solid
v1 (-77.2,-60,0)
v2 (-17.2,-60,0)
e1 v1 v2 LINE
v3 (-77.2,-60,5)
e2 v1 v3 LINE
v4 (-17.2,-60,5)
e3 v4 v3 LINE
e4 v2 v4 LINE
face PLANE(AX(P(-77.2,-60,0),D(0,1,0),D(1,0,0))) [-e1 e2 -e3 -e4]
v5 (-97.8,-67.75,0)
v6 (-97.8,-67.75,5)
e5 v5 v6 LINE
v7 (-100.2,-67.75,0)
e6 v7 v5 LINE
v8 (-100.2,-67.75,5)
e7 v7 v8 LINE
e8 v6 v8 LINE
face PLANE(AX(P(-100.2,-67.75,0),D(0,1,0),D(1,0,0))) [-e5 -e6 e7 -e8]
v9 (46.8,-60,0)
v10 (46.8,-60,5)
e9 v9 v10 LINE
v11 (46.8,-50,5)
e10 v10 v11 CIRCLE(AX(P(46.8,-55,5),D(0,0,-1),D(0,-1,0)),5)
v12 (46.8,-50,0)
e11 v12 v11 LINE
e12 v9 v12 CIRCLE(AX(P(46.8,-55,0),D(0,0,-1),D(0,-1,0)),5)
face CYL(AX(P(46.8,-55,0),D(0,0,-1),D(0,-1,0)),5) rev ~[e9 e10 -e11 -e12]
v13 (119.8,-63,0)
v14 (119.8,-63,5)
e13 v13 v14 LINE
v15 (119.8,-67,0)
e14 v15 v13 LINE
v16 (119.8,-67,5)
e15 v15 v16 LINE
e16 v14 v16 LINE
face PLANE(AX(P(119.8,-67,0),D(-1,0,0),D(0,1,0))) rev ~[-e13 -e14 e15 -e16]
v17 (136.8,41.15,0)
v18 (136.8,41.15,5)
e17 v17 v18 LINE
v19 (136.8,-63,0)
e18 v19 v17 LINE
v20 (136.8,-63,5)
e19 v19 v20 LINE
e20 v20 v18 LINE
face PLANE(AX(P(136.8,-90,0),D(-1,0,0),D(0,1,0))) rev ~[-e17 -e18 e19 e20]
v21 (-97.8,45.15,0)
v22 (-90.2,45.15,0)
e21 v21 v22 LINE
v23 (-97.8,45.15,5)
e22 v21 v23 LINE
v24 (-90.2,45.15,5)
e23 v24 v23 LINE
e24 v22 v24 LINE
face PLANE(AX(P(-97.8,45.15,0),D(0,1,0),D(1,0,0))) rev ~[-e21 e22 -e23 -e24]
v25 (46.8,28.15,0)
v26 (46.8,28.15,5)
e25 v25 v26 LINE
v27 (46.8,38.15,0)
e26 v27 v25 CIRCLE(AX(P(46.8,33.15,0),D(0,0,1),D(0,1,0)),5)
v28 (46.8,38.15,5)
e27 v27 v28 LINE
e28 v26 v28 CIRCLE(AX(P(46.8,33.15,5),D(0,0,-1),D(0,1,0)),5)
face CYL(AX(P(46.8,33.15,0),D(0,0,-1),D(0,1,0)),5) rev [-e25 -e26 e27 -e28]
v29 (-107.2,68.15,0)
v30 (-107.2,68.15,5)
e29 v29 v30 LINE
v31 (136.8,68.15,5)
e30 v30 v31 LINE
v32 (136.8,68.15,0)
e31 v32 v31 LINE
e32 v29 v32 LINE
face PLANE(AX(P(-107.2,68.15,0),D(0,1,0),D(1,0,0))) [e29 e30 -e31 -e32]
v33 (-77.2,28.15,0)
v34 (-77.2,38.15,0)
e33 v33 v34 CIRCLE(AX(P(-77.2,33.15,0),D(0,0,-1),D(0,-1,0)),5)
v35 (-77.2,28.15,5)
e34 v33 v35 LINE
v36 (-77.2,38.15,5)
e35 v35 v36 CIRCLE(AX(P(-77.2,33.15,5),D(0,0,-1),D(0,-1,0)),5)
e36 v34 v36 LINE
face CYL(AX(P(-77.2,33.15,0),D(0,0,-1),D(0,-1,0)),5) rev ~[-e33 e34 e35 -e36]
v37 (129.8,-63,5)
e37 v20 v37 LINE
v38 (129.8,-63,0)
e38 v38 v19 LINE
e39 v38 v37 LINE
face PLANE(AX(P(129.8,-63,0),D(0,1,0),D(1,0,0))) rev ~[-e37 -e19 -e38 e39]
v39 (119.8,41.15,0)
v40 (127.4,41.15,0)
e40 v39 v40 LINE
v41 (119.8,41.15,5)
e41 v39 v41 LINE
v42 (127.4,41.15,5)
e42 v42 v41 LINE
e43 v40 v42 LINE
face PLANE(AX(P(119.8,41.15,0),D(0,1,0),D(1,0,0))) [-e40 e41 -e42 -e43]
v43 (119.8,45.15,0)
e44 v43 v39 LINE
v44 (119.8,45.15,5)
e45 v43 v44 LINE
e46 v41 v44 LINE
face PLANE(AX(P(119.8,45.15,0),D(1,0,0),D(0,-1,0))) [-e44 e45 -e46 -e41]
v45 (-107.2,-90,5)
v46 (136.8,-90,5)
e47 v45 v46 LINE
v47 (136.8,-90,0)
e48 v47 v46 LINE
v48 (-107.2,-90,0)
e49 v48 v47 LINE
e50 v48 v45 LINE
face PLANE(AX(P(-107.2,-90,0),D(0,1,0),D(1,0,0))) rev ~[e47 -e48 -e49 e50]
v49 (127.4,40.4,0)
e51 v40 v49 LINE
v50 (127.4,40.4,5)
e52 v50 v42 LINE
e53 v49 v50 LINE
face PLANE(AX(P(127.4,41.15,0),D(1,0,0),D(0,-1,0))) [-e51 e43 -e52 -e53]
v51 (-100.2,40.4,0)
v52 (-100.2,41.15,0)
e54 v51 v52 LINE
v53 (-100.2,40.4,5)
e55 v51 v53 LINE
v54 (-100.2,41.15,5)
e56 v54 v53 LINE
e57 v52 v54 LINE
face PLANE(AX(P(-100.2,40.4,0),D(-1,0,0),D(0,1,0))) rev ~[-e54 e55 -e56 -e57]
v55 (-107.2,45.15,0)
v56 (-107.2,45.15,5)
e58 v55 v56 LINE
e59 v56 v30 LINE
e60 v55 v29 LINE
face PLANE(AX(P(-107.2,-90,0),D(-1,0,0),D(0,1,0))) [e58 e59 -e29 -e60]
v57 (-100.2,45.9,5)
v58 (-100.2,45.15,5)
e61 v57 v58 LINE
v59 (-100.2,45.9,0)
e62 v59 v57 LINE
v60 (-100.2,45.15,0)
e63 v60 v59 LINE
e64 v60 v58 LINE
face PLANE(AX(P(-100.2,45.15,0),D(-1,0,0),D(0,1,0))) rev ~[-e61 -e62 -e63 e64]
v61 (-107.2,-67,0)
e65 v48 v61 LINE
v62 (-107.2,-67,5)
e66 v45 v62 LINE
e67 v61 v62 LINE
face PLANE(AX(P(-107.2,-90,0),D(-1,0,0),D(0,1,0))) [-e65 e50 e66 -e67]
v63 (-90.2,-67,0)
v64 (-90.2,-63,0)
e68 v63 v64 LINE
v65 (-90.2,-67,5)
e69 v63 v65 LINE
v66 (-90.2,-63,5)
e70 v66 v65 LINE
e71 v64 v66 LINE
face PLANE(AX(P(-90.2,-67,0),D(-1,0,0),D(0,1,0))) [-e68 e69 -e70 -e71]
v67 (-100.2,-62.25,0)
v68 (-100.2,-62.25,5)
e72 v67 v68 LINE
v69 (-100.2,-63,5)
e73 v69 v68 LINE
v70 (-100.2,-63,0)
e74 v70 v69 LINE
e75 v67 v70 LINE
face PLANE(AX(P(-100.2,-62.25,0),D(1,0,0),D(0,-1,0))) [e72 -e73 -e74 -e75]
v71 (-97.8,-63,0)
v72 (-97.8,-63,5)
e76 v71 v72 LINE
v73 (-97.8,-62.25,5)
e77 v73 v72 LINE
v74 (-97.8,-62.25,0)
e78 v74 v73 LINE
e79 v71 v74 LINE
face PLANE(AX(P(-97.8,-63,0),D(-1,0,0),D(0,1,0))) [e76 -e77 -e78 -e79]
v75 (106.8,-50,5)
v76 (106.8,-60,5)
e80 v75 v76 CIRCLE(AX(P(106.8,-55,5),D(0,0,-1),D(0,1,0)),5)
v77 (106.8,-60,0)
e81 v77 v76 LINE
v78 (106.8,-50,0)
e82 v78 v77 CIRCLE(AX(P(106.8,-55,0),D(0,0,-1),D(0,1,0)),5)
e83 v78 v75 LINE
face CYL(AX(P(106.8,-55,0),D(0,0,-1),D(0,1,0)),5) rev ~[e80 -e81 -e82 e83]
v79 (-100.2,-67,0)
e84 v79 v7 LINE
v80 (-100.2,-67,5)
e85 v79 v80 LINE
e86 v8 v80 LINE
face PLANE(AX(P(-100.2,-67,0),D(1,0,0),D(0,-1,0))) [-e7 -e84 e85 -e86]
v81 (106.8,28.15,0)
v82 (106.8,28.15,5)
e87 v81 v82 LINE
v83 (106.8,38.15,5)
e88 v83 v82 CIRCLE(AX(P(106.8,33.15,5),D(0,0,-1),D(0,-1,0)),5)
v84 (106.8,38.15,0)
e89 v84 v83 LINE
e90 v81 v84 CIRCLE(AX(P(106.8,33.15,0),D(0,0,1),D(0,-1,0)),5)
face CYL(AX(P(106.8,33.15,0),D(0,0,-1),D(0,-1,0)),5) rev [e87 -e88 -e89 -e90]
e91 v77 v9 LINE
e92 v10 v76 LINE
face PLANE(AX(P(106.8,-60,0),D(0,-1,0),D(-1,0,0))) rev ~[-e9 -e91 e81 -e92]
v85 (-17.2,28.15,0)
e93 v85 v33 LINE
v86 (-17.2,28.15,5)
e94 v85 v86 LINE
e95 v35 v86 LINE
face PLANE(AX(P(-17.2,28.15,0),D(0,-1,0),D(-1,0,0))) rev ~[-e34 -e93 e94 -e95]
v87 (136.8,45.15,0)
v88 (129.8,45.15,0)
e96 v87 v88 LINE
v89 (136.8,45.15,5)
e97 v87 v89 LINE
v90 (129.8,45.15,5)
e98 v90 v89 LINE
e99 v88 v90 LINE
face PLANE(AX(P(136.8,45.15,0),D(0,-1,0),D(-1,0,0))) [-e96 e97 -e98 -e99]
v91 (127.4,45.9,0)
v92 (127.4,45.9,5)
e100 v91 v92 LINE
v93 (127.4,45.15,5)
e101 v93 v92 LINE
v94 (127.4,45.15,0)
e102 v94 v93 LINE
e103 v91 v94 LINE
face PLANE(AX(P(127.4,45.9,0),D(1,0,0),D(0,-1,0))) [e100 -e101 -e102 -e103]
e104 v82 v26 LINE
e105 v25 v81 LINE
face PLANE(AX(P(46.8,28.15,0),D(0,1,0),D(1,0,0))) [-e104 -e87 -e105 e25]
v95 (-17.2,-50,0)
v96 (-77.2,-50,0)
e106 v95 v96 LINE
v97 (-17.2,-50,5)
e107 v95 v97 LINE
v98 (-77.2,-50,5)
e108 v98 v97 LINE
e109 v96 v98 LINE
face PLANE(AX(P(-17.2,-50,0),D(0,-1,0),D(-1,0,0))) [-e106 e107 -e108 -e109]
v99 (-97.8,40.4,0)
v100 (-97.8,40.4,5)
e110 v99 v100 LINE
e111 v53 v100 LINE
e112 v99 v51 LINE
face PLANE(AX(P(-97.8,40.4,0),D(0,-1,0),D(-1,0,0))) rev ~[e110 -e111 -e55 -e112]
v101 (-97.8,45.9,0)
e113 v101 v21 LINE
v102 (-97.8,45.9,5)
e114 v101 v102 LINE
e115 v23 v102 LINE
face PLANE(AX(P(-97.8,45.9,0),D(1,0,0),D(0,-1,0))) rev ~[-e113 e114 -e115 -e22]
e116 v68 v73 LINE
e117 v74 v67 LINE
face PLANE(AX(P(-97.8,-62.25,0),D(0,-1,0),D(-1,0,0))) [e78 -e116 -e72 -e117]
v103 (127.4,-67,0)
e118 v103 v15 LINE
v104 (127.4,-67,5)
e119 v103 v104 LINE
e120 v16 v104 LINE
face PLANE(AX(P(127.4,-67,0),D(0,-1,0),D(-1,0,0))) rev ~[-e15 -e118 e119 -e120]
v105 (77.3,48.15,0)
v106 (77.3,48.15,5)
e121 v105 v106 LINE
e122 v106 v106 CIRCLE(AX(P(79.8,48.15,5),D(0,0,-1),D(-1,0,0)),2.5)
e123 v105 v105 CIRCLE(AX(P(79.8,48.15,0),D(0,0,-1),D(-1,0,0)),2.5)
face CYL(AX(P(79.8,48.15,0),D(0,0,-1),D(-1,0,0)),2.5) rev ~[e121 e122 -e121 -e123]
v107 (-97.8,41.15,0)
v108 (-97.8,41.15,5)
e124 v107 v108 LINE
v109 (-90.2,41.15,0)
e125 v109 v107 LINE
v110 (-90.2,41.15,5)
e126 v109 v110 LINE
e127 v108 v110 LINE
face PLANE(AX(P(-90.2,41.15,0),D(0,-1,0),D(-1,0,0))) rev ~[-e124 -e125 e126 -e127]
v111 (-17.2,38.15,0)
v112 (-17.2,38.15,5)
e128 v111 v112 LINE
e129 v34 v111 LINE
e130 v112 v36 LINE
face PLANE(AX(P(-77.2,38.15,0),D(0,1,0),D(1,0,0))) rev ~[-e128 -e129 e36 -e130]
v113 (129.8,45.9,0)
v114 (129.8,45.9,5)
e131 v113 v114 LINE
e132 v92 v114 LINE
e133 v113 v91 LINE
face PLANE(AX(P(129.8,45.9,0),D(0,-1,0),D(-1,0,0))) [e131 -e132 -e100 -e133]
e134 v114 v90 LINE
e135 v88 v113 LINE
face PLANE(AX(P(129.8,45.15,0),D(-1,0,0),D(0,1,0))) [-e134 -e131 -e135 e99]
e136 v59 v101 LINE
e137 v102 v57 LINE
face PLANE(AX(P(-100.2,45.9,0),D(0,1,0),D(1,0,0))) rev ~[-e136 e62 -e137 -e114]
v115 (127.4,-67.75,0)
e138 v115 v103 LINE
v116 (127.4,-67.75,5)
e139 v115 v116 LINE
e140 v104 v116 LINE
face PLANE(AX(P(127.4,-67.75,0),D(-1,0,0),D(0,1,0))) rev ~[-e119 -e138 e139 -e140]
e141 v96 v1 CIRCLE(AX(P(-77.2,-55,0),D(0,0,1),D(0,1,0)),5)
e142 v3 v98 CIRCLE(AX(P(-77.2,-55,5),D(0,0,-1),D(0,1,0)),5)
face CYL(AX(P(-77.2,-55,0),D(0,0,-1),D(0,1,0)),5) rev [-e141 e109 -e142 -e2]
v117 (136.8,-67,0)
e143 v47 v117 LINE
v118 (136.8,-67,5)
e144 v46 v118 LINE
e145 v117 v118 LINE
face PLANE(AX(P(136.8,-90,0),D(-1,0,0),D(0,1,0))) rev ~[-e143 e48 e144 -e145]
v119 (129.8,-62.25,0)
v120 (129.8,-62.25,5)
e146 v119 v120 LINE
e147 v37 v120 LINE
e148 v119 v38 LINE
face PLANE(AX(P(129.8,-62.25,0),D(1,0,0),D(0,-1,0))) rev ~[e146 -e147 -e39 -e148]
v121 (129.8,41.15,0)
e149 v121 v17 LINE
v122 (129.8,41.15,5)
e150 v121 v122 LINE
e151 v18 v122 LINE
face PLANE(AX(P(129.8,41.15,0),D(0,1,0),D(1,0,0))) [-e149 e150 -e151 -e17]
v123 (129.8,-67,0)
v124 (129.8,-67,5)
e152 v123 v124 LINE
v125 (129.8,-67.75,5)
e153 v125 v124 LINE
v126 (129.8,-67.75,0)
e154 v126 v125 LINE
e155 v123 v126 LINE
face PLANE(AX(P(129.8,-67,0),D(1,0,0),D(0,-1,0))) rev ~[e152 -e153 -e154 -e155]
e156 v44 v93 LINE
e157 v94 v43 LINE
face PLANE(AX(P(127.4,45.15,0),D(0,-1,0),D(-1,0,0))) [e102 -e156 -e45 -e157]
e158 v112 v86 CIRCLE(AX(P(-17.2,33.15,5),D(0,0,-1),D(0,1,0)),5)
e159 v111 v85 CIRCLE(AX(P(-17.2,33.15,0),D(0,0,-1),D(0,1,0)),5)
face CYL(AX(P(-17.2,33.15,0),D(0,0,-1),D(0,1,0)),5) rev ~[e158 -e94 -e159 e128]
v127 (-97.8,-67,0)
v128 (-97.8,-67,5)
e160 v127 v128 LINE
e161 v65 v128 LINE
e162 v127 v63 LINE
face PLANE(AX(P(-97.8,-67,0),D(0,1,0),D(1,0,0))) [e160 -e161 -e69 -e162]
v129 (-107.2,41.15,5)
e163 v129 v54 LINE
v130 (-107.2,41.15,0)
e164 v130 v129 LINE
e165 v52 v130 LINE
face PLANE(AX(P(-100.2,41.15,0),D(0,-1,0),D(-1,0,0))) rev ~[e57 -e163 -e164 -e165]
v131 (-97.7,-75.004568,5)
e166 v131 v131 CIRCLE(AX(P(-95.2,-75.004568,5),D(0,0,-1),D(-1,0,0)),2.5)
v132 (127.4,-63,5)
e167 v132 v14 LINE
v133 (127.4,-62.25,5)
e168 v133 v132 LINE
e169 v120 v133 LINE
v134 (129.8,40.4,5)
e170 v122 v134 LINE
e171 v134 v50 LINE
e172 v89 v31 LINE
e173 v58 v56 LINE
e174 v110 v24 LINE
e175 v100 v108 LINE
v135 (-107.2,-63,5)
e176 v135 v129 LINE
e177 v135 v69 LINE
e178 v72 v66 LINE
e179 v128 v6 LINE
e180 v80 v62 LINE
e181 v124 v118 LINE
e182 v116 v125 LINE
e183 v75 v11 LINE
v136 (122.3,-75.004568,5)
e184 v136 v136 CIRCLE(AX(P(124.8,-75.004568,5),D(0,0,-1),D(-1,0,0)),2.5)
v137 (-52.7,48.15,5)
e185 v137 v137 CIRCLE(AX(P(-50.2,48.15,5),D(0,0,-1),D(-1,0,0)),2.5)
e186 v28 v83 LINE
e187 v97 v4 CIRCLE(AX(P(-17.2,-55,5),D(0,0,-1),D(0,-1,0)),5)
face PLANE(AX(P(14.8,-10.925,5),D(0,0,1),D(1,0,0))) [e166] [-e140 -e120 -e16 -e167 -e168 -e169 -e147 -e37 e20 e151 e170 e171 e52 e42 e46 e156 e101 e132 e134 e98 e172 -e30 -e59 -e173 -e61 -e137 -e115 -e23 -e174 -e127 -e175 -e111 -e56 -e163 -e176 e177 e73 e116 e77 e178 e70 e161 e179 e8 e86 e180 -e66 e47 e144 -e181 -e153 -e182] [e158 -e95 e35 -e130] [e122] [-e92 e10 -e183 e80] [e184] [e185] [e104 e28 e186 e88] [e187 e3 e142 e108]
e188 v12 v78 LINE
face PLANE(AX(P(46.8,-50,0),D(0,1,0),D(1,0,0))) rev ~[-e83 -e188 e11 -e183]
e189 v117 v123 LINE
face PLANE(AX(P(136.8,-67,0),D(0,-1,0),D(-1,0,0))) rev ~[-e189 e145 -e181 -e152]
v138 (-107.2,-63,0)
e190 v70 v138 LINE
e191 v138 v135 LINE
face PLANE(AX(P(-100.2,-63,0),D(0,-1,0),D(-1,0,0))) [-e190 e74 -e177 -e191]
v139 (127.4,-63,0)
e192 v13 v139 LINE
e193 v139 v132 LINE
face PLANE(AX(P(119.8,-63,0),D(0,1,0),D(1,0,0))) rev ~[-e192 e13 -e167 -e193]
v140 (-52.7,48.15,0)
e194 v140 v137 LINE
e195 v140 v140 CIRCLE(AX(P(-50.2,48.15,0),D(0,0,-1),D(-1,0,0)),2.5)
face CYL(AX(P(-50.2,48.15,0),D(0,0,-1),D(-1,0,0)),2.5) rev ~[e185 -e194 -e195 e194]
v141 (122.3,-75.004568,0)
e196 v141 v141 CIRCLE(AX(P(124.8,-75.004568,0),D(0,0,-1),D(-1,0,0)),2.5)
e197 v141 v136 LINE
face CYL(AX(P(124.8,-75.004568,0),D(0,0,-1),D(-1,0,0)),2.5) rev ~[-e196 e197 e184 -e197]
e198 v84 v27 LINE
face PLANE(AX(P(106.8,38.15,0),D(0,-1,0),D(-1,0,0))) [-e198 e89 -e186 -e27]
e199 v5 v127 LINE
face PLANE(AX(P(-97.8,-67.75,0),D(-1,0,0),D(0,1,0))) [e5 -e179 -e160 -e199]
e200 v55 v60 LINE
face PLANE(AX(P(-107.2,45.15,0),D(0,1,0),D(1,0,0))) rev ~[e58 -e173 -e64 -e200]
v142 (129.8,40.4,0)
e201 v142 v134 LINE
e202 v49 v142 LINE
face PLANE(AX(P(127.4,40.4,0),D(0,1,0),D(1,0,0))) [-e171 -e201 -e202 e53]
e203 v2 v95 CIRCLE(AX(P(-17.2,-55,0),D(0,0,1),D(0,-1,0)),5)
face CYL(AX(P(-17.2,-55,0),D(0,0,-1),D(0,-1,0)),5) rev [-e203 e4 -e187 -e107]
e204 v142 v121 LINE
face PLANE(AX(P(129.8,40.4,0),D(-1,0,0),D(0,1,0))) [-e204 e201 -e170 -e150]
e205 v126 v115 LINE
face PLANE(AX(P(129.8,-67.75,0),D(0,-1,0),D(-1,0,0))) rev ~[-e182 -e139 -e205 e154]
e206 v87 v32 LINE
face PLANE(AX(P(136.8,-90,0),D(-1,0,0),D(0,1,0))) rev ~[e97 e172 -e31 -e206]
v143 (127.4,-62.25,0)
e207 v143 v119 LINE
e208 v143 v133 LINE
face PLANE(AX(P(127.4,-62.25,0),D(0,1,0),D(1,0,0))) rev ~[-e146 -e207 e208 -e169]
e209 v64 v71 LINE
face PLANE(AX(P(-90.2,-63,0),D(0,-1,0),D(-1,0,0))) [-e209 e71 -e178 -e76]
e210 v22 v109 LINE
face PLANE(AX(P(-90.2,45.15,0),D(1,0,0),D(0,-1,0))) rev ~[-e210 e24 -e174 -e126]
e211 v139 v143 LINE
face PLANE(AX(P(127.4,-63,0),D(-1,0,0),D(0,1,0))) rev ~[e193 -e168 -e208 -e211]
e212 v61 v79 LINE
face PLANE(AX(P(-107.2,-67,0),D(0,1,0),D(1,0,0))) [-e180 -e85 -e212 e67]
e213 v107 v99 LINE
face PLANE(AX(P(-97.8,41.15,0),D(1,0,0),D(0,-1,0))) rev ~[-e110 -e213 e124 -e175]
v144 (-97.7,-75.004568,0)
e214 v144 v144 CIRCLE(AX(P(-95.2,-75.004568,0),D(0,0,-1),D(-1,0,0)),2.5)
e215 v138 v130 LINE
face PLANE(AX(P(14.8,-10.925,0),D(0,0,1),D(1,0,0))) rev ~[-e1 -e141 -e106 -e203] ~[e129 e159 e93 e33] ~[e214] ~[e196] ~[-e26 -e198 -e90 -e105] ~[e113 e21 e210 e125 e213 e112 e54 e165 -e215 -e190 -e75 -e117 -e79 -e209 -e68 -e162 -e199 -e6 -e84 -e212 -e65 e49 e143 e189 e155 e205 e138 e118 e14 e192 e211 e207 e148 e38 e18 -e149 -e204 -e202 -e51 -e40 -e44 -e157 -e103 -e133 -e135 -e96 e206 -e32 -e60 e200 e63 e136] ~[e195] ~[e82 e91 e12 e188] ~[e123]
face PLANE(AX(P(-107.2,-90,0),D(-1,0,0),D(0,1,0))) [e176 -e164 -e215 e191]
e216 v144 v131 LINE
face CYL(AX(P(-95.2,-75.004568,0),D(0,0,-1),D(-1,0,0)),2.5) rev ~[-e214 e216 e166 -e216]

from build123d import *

# Parameters (mm, degrees)
SKETCH1_W           = 244
SKETCH1_H           = 158.15
BOSS_EXTRUDE1_DEPTH = 5
CUT_EXTRUDE1_DEPTH  = 10
CUT_EXTRUDE2_DEPTH  = 10
SKETCH4_R           = 2.5
CUT_EXTRUDE3_DEPTH  = 10


with BuildPart() as part:
    # Sketch1 → Boss-Extrude1 (new body)
    with BuildSketch(Plane.XY):
        with Locations((14.8, -10.925)):
            Rectangle(SKETCH1_W, SKETCH1_H)
    extrude(amount=BOSS_EXTRUDE1_DEPTH)

    # Sketch2 → Cut-Extrude1 (cut)
    with BuildSketch(Plane(origin=(0, 0, 0), x_dir=(-1, 0, 0), z_dir=(0, 0, -1))):
        Polygon((-136.8, 45.15), (-129.8, 45.15), (-129.8, 45.9), (-127.4, 45.9), (-127.4, 45.15), (-119.8, 45.15), (-119.8, 41.15), (-127.4, 41.15), (-127.4, 40.4), (-129.8, 40.4), (-129.8, 41.15), (-136.8, 41.15), align=None)
        Polygon((-129.8, -63), (-136.8, -63), (-136.8, -67), (-129.8, -67), (-129.8, -67.75), (-127.4, -67.75), (-127.4, -67), (-119.8, -67), (-119.8, -63), (-127.4, -63), (-127.4, -62.25), (-129.8, -62.25), align=None)
        Polygon((100.2, 41.15), (107.2, 41.15), (107.2, 45.15), (100.2, 45.15), (100.2, 45.9), (97.8, 45.9), (97.8, 45.15), (90.2, 45.15), (90.2, 41.15), (97.8, 41.15), (97.8, 40.4), (100.2, 40.4), align=None)
        Polygon((107.2, -67), (100.2, -67), (100.2, -67.75), (97.8, -67.75), (97.8, -67), (90.2, -67), (90.2, -63), (97.8, -63), (97.8, -62.25), (100.2, -62.25), (100.2, -63), (107.2, -63), align=None)
    extrude(amount=-CUT_EXTRUDE1_DEPTH, mode=Mode.SUBTRACT)

    # Sketch3 → Cut-Extrude2 (cut)
    with BuildSketch(Plane(origin=(0, 0, 0), x_dir=(-1, 0, 0), z_dir=(0, 0, -1))):
        with BuildLine():
            Line((-106.8, 38.15), (-46.8, 38.15))
            ThreePointArc((-46.8, 38.15), (-41.8, 33.15), (-46.8, 28.15))
            Line((-46.8, 28.15), (-106.8, 28.15))
            ThreePointArc((-106.8, 28.15), (-111.8, 33.15), (-106.8, 38.15))
        make_face()
        with BuildLine():
            Line((-46.8, -50), (-106.8, -50))
            ThreePointArc((-106.8, -50), (-111.8, -55), (-106.8, -60))
            Line((-106.8, -60), (-46.8, -60))
            ThreePointArc((-46.8, -60), (-41.8, -55), (-46.8, -50))
        make_face()
        with BuildLine():
            Line((77.2, -60), (17.2, -60))
            ThreePointArc((17.2, -60), (12.2, -55), (17.2, -50))
            Line((17.2, -50), (77.2, -50))
            ThreePointArc((77.2, -50), (82.2, -55), (77.2, -60))
        make_face()
        with BuildLine():
            Line((17.2, 28.15), (77.2, 28.15))
            ThreePointArc((77.2, 28.15), (82.2, 33.15), (77.2, 38.15))
            Line((77.2, 38.15), (17.2, 38.15))
            ThreePointArc((17.2, 38.15), (12.2, 33.15), (17.2, 28.15))
        make_face()
    extrude(amount=-CUT_EXTRUDE2_DEPTH, mode=Mode.SUBTRACT)

    # Sketch4 → Cut-Extrude3 (cut)
    with BuildSketch(Plane(origin=(0, 0, 0), x_dir=(-1, 0, 0), z_dir=(0, 0, -1))):
        with Locations((50.2, 48.15)):
            Circle(SKETCH4_R)
        with Locations((-79.8, 48.15)):
            Circle(SKETCH4_R)
        with Locations((-124.8, -75.004567899)):
            Circle(SKETCH4_R)
        with Locations((95.2, -75.004567899)):
            Circle(SKETCH4_R)
    extrude(amount=-CUT_EXTRUDE3_DEPTH, mode=Mode.SUBTRACT)


solid = part.part
